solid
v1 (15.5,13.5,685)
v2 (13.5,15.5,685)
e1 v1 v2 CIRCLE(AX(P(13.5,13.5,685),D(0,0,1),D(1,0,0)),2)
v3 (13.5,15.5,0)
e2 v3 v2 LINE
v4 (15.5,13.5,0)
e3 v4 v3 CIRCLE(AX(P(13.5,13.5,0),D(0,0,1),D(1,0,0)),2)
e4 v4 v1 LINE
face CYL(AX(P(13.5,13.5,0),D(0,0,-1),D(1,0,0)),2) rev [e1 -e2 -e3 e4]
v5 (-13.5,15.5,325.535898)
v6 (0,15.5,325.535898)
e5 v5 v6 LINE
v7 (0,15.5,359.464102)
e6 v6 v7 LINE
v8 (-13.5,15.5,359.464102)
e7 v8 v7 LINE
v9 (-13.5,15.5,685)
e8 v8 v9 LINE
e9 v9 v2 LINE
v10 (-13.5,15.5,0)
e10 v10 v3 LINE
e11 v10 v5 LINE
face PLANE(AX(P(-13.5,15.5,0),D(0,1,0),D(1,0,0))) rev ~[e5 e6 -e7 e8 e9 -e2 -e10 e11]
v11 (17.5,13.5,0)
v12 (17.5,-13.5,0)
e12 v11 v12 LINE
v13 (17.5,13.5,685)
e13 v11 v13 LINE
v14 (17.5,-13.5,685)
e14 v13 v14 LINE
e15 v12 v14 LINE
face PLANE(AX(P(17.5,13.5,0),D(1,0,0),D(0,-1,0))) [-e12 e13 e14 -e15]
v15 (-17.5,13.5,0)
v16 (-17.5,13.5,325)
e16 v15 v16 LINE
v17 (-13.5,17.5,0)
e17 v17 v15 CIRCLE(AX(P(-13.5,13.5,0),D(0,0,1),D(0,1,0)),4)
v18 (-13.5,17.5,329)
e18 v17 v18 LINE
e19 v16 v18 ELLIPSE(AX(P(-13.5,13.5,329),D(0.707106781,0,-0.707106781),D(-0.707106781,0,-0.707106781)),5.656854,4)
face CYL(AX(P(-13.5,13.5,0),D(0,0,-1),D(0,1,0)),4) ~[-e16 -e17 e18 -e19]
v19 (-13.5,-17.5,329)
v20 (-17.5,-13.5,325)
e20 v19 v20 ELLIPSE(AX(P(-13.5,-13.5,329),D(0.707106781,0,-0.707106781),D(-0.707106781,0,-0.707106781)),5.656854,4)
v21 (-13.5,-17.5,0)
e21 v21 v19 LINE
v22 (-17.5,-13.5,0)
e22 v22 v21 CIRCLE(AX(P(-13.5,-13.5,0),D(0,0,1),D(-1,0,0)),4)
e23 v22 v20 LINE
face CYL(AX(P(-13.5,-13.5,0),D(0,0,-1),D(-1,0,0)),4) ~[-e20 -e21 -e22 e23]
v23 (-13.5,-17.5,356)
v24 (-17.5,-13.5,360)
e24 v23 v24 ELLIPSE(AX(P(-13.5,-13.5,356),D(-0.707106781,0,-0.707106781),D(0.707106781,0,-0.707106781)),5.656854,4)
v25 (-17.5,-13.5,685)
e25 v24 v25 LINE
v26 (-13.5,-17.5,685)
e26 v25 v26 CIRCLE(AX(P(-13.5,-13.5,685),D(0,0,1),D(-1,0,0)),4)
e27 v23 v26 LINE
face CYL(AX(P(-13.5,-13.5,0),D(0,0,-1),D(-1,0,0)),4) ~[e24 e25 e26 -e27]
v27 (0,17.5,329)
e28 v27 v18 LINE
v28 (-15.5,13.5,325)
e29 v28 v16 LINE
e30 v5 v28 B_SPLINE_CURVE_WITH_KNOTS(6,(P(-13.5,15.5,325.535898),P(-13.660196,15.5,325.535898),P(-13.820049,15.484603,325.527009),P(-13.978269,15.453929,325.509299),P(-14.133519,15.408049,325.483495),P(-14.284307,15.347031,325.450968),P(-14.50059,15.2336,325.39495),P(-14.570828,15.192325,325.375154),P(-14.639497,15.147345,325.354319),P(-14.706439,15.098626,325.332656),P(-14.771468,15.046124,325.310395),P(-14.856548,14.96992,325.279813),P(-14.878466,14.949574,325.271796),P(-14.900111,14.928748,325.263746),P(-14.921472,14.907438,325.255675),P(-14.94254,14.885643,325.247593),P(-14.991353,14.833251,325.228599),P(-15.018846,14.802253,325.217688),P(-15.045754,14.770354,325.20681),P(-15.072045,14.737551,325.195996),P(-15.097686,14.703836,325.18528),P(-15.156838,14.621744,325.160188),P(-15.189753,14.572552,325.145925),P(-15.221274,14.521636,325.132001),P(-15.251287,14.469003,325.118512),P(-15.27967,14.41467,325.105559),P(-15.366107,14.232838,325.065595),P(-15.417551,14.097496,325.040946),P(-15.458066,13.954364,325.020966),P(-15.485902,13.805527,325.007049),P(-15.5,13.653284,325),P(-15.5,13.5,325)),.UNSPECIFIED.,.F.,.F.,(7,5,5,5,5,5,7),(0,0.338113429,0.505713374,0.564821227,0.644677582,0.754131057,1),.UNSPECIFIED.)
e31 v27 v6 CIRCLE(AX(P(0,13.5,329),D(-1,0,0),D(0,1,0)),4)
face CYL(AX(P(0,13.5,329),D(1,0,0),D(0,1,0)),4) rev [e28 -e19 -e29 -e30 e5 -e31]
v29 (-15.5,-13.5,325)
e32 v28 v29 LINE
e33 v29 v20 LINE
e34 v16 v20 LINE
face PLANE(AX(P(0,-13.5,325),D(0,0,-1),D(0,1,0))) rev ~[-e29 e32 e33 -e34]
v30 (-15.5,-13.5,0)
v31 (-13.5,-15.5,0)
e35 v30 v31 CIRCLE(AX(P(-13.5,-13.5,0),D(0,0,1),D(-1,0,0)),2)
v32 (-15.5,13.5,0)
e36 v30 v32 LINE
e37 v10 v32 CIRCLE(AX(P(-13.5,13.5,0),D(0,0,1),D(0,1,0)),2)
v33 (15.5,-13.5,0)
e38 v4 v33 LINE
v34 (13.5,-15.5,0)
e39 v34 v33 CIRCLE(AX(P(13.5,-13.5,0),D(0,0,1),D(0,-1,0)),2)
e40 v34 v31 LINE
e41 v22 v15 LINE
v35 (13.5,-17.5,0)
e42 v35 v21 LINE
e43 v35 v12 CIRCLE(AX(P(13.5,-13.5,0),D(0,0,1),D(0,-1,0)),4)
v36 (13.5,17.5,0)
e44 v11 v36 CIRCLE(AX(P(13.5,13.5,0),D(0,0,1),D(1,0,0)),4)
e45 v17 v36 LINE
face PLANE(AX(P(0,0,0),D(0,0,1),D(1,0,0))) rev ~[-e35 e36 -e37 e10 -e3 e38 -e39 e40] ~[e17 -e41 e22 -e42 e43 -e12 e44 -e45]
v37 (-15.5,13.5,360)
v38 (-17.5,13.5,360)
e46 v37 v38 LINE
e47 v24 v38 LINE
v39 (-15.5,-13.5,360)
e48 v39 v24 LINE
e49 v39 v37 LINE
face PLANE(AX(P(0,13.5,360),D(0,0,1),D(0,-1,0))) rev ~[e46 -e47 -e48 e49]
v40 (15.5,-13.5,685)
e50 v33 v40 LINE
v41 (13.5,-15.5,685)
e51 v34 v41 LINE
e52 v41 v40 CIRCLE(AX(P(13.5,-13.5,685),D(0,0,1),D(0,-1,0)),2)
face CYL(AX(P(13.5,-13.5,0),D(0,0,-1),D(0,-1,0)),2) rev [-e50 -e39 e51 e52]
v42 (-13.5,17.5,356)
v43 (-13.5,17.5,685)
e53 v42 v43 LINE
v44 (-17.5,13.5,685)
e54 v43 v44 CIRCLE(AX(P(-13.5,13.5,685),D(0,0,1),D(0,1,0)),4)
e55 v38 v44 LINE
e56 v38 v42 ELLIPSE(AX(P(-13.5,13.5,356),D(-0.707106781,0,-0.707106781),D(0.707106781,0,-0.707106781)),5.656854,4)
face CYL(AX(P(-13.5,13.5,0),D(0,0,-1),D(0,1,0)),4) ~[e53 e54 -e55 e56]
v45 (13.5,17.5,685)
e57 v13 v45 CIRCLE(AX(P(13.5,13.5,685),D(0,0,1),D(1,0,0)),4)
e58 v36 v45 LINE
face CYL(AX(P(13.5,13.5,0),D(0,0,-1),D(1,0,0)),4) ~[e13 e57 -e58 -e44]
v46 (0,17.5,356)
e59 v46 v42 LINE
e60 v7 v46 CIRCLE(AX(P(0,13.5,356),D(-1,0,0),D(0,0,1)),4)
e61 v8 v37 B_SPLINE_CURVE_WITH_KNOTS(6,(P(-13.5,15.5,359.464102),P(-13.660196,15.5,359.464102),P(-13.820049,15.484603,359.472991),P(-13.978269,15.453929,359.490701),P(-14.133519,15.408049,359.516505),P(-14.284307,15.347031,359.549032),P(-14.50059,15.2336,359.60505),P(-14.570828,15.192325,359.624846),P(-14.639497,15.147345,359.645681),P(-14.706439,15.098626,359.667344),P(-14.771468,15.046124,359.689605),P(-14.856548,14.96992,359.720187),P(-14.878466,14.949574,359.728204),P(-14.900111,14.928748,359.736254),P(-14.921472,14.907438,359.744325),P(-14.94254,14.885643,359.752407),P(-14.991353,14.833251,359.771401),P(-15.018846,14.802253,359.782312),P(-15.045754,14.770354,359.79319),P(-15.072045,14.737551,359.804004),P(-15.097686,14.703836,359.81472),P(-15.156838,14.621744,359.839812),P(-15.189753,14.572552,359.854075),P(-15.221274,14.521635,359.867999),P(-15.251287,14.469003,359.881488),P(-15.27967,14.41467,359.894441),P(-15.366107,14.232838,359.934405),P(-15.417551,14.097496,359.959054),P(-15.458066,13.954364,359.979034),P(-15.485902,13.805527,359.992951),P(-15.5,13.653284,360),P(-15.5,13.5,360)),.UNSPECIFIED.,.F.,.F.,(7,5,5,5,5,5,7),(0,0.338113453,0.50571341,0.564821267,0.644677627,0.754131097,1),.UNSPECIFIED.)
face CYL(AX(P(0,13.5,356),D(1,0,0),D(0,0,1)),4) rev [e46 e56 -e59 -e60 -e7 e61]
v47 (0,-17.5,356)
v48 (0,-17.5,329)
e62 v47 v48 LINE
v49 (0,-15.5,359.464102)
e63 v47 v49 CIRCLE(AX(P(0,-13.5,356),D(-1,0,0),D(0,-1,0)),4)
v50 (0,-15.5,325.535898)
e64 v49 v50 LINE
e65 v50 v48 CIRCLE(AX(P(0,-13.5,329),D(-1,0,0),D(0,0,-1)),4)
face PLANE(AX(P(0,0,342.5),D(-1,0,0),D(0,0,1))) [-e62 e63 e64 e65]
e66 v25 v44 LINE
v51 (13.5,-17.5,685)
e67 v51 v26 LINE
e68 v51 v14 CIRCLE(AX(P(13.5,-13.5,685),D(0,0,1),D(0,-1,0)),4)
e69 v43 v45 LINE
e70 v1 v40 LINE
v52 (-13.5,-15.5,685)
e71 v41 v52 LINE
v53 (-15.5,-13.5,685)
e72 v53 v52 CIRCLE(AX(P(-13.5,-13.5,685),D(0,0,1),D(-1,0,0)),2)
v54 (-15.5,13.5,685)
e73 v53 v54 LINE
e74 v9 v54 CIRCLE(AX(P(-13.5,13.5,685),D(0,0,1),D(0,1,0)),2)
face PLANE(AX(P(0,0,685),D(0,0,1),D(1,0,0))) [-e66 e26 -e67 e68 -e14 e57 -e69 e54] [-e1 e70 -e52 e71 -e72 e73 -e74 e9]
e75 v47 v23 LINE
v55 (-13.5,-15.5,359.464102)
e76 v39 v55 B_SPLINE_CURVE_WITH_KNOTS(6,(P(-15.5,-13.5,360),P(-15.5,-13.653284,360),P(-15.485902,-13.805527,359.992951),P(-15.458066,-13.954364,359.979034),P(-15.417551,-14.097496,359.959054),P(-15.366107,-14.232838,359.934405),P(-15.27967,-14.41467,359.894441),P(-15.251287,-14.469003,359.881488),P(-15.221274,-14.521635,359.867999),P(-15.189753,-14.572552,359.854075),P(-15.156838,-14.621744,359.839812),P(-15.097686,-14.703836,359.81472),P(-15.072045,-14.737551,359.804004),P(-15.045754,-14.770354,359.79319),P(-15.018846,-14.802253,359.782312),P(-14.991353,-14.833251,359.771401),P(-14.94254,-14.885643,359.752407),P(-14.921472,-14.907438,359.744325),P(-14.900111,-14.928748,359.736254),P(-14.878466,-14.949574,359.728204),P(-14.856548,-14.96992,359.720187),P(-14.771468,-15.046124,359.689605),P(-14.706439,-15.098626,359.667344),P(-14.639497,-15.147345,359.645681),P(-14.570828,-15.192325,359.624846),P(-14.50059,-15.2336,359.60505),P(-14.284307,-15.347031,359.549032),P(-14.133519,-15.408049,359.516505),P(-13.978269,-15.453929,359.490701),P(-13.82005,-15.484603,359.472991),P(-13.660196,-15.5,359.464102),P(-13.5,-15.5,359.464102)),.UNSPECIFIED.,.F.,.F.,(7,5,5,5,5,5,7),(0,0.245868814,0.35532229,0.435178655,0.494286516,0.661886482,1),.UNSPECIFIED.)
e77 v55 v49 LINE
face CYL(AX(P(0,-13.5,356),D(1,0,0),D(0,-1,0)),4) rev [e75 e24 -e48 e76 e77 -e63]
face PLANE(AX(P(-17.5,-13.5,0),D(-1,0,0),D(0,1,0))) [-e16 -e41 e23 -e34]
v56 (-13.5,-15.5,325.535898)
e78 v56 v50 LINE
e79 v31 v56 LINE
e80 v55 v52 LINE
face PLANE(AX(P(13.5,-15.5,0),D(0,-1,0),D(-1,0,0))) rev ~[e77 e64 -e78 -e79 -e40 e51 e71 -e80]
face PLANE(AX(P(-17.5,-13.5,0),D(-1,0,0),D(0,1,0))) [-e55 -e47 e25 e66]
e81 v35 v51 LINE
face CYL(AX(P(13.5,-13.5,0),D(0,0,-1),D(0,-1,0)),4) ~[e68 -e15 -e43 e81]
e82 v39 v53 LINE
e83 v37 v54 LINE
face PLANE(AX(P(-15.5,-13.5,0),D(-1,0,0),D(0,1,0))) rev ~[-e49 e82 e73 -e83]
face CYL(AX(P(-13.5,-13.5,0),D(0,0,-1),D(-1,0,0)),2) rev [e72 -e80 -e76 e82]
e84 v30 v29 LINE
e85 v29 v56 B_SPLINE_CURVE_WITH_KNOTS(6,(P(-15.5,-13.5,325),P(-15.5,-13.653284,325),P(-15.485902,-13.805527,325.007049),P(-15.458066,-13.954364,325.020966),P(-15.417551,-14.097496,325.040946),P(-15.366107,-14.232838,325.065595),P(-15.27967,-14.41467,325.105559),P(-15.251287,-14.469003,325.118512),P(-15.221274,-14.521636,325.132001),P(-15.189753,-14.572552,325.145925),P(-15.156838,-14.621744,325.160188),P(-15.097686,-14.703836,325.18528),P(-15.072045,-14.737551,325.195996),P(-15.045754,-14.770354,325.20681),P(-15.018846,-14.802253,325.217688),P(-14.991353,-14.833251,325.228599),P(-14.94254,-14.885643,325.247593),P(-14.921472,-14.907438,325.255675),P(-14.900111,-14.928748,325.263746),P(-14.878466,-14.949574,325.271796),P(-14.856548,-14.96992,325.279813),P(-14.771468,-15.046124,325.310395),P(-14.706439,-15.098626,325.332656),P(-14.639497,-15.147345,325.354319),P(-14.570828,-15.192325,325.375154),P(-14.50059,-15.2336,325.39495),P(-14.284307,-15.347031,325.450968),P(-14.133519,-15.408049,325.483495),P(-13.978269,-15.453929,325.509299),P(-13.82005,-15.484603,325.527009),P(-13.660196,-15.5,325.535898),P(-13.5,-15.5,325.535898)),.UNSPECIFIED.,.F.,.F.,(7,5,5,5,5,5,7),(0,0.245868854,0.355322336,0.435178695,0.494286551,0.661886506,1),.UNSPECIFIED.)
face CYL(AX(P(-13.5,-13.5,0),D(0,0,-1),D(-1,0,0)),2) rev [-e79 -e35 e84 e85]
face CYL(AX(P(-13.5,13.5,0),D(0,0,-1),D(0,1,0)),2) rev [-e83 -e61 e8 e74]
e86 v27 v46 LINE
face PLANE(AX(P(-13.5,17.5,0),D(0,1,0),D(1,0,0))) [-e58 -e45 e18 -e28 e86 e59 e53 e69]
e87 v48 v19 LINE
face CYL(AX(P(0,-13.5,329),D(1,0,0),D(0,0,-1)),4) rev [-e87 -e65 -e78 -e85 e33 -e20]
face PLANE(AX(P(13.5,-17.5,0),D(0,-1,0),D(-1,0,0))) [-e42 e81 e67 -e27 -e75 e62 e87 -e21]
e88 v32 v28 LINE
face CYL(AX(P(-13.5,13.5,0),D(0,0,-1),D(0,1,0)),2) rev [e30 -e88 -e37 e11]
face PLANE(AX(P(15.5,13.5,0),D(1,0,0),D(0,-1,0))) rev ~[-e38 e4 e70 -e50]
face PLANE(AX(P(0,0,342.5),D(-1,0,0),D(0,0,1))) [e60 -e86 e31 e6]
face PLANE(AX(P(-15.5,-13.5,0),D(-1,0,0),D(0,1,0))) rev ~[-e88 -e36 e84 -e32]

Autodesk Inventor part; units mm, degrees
ref_plane "Start plane" through (0, 0, 0) normal (0, 0, 1) x (1, 0, 0)
ref_plane "End plane" through (0, 0, 685) normal (0, 0, 1) x (1, 0, 0)
sketch "Sketch" plane through (0, 0, 0) normal (0, 0, 1) x (1, 0, 0)
  line L0 (-17.5, -13.5) -> (-17.5, 13.5)
  line L1 (-13.5, 17.5) -> (13.5, 17.5)
  line L2 (17.5, 13.5) -> (17.5, -13.5)
  line L3 (13.5, -17.5) -> (-13.5, -17.5)
  arc A0 (-17.5, -13.5) -> (-13.5, -17.5) centre (-13.5, -13.5) ccw
  arc A1 (-13.5, 17.5) -> (-17.5, 13.5) centre (-13.5, 13.5) ccw
  arc A2 (17.5, 13.5) -> (13.5, 17.5) centre (13.5, 13.5) ccw
  arc A3 (13.5, -17.5) -> (17.5, -13.5) centre (13.5, -13.5) ccw
  arc A4 (-13.5, 15.5) -> (-15.5, 13.5) centre (-13.5, 13.5) ccw
  line L4 (-13.5, 15.5) -> (13.5, 15.5)
  arc A5 (15.5, 13.5) -> (13.5, 15.5) centre (13.5, 13.5) ccw
  line L5 (15.5, 13.5) -> (15.5, -13.5)
  arc A6 (13.5, -15.5) -> (15.5, -13.5) centre (13.5, -13.5) ccw
  line L6 (13.5, -15.5) -> (-13.5, -15.5)
  arc A7 (-15.5, -13.5) -> (-13.5, -15.5) centre (-13.5, -13.5) ccw
  line L7 (-15.5, -13.5) -> (-15.5, 13.5)
  line L8 (0, 25.6598) -> (0, -25.6598) construction
  line L9 (-25.6598, 0) -> (25.6598, 0) construction
  dimension "d7" = 4
  dimension "d10" = 35
  dimension "d11" = 35
  dimension "d12" = 2
  dimension "d15" = 17.5
  dimension "d16" = 17.5
extrude "Body" add sketch "Sketch" along normal up to surface (685 mm away) from surface at 0
sketch "Sketch3" plane through (0, 0, 0) normal (0, 0, 1) x (1, 0, 0)
  line L0 (0, 0) -> (10, 0)
ref_plane "Work Plane3" through (0, 0, 0) normal (0, -1, 0) x (1, 0, 0)
sketch "Sketch4" plane through (0, 0, 0) normal (0, -1, 0) x (1, 0, 0)
  line L0 (-2, 0) -> (12, 0)
  line L1 (-2, 685) -> (12, 685)
  dimension "d18" = 685
ref_plane "Work Plane4" through (0, 0, 342.5) normal (-1, 0, 0) x (0, 0, 1)
ref_plane "Work Plane5" through (-395, 0, 342.5) normal (-1, 0, 0) x (0, 0, 1)
ref_plane "Work Plane6" through (-197.5, 0, 342.5) normal (-1, 0, 0) x (0, 0, 1)
sketch "Sketch5" plane through (-197.5, 0, 342.5) normal (-1, 0, 0) x (0, 0, 1)
  arc A0 (-17.5, -13.5) -> (-13.5, -17.5) centre (-13.5, -13.5) ccw
  line L0 (-17.5, -13.5) -> (-17.5, 13.5)
  arc A1 (-13.5, 17.5) -> (-17.5, 13.5) centre (-13.5, 13.5) ccw
  line L1 (-13.5, 17.5) -> (13.5, 17.5)
  arc A2 (17.5, 13.5) -> (13.5, 17.5) centre (13.5, 13.5) ccw
  line L2 (17.5, 13.5) -> (17.5, -13.5)
  arc A3 (13.5, -17.5) -> (17.5, -13.5) centre (13.5, -13.5) ccw
  line L3 (13.5, -17.5) -> (-13.5, -17.5)
  arc A4 (-13.5, 15.5) -> (-15.5, 13.5) centre (-13.5, 13.5) ccw
  line L4 (-13.5, 15.5) -> (13.5, 15.5)
  arc A5 (15.5, 13.5) -> (13.5, 15.5) centre (13.5, 13.5) ccw
  line L5 (15.5, 13.5) -> (15.5, -13.5)
  arc A6 (13.5, -15.5) -> (15.5, -13.5) centre (13.5, -13.5) ccw
  line L6 (13.5, -15.5) -> (-13.5, -15.5)
  arc A7 (-15.5, -13.5) -> (-13.5, -15.5) centre (-13.5, -13.5) ccw
  line L7 (-15.5, -13.5) -> (-15.5, 13.5)
extrude "Extrusion2" cut sketch "Sketch5" along normal up to surface (395 mm away) from surface at -197.5 contours L0 A1 L1 A2 L2 A3 L3 A0 | L4 A5 L5 A6 L6 A7 L7 A4
equation "\"d7\" = G_IR"
equation "\"d10\" = G_H"
equation "\"d11\" = G_W"
equation "\"d12\" = G_T"
equation "\"d15\" = 0.5 * d10"
equation "\"d16\" = 0.5 * d11"
equation "\"d3\" = G_L"
equation "\"G_W\" = 35"
equation "\"G_H\" = 35"
equation "\"G_T\" = 2"
equation "\"G_IR\" = 4"
equation "\"G_L\" = d18"
equation "\"G_OFFSET_START\" = 0"
equation "\"G_OFFSET_END\" = 0"
equation "\"d14\" = G_OFFSET_END + B_L"
equation "\"B_L\" = 685"
properties part number "AS 1163 - C350L0 35x35x2.0 SHS - 685" material "Steel, Mild"
